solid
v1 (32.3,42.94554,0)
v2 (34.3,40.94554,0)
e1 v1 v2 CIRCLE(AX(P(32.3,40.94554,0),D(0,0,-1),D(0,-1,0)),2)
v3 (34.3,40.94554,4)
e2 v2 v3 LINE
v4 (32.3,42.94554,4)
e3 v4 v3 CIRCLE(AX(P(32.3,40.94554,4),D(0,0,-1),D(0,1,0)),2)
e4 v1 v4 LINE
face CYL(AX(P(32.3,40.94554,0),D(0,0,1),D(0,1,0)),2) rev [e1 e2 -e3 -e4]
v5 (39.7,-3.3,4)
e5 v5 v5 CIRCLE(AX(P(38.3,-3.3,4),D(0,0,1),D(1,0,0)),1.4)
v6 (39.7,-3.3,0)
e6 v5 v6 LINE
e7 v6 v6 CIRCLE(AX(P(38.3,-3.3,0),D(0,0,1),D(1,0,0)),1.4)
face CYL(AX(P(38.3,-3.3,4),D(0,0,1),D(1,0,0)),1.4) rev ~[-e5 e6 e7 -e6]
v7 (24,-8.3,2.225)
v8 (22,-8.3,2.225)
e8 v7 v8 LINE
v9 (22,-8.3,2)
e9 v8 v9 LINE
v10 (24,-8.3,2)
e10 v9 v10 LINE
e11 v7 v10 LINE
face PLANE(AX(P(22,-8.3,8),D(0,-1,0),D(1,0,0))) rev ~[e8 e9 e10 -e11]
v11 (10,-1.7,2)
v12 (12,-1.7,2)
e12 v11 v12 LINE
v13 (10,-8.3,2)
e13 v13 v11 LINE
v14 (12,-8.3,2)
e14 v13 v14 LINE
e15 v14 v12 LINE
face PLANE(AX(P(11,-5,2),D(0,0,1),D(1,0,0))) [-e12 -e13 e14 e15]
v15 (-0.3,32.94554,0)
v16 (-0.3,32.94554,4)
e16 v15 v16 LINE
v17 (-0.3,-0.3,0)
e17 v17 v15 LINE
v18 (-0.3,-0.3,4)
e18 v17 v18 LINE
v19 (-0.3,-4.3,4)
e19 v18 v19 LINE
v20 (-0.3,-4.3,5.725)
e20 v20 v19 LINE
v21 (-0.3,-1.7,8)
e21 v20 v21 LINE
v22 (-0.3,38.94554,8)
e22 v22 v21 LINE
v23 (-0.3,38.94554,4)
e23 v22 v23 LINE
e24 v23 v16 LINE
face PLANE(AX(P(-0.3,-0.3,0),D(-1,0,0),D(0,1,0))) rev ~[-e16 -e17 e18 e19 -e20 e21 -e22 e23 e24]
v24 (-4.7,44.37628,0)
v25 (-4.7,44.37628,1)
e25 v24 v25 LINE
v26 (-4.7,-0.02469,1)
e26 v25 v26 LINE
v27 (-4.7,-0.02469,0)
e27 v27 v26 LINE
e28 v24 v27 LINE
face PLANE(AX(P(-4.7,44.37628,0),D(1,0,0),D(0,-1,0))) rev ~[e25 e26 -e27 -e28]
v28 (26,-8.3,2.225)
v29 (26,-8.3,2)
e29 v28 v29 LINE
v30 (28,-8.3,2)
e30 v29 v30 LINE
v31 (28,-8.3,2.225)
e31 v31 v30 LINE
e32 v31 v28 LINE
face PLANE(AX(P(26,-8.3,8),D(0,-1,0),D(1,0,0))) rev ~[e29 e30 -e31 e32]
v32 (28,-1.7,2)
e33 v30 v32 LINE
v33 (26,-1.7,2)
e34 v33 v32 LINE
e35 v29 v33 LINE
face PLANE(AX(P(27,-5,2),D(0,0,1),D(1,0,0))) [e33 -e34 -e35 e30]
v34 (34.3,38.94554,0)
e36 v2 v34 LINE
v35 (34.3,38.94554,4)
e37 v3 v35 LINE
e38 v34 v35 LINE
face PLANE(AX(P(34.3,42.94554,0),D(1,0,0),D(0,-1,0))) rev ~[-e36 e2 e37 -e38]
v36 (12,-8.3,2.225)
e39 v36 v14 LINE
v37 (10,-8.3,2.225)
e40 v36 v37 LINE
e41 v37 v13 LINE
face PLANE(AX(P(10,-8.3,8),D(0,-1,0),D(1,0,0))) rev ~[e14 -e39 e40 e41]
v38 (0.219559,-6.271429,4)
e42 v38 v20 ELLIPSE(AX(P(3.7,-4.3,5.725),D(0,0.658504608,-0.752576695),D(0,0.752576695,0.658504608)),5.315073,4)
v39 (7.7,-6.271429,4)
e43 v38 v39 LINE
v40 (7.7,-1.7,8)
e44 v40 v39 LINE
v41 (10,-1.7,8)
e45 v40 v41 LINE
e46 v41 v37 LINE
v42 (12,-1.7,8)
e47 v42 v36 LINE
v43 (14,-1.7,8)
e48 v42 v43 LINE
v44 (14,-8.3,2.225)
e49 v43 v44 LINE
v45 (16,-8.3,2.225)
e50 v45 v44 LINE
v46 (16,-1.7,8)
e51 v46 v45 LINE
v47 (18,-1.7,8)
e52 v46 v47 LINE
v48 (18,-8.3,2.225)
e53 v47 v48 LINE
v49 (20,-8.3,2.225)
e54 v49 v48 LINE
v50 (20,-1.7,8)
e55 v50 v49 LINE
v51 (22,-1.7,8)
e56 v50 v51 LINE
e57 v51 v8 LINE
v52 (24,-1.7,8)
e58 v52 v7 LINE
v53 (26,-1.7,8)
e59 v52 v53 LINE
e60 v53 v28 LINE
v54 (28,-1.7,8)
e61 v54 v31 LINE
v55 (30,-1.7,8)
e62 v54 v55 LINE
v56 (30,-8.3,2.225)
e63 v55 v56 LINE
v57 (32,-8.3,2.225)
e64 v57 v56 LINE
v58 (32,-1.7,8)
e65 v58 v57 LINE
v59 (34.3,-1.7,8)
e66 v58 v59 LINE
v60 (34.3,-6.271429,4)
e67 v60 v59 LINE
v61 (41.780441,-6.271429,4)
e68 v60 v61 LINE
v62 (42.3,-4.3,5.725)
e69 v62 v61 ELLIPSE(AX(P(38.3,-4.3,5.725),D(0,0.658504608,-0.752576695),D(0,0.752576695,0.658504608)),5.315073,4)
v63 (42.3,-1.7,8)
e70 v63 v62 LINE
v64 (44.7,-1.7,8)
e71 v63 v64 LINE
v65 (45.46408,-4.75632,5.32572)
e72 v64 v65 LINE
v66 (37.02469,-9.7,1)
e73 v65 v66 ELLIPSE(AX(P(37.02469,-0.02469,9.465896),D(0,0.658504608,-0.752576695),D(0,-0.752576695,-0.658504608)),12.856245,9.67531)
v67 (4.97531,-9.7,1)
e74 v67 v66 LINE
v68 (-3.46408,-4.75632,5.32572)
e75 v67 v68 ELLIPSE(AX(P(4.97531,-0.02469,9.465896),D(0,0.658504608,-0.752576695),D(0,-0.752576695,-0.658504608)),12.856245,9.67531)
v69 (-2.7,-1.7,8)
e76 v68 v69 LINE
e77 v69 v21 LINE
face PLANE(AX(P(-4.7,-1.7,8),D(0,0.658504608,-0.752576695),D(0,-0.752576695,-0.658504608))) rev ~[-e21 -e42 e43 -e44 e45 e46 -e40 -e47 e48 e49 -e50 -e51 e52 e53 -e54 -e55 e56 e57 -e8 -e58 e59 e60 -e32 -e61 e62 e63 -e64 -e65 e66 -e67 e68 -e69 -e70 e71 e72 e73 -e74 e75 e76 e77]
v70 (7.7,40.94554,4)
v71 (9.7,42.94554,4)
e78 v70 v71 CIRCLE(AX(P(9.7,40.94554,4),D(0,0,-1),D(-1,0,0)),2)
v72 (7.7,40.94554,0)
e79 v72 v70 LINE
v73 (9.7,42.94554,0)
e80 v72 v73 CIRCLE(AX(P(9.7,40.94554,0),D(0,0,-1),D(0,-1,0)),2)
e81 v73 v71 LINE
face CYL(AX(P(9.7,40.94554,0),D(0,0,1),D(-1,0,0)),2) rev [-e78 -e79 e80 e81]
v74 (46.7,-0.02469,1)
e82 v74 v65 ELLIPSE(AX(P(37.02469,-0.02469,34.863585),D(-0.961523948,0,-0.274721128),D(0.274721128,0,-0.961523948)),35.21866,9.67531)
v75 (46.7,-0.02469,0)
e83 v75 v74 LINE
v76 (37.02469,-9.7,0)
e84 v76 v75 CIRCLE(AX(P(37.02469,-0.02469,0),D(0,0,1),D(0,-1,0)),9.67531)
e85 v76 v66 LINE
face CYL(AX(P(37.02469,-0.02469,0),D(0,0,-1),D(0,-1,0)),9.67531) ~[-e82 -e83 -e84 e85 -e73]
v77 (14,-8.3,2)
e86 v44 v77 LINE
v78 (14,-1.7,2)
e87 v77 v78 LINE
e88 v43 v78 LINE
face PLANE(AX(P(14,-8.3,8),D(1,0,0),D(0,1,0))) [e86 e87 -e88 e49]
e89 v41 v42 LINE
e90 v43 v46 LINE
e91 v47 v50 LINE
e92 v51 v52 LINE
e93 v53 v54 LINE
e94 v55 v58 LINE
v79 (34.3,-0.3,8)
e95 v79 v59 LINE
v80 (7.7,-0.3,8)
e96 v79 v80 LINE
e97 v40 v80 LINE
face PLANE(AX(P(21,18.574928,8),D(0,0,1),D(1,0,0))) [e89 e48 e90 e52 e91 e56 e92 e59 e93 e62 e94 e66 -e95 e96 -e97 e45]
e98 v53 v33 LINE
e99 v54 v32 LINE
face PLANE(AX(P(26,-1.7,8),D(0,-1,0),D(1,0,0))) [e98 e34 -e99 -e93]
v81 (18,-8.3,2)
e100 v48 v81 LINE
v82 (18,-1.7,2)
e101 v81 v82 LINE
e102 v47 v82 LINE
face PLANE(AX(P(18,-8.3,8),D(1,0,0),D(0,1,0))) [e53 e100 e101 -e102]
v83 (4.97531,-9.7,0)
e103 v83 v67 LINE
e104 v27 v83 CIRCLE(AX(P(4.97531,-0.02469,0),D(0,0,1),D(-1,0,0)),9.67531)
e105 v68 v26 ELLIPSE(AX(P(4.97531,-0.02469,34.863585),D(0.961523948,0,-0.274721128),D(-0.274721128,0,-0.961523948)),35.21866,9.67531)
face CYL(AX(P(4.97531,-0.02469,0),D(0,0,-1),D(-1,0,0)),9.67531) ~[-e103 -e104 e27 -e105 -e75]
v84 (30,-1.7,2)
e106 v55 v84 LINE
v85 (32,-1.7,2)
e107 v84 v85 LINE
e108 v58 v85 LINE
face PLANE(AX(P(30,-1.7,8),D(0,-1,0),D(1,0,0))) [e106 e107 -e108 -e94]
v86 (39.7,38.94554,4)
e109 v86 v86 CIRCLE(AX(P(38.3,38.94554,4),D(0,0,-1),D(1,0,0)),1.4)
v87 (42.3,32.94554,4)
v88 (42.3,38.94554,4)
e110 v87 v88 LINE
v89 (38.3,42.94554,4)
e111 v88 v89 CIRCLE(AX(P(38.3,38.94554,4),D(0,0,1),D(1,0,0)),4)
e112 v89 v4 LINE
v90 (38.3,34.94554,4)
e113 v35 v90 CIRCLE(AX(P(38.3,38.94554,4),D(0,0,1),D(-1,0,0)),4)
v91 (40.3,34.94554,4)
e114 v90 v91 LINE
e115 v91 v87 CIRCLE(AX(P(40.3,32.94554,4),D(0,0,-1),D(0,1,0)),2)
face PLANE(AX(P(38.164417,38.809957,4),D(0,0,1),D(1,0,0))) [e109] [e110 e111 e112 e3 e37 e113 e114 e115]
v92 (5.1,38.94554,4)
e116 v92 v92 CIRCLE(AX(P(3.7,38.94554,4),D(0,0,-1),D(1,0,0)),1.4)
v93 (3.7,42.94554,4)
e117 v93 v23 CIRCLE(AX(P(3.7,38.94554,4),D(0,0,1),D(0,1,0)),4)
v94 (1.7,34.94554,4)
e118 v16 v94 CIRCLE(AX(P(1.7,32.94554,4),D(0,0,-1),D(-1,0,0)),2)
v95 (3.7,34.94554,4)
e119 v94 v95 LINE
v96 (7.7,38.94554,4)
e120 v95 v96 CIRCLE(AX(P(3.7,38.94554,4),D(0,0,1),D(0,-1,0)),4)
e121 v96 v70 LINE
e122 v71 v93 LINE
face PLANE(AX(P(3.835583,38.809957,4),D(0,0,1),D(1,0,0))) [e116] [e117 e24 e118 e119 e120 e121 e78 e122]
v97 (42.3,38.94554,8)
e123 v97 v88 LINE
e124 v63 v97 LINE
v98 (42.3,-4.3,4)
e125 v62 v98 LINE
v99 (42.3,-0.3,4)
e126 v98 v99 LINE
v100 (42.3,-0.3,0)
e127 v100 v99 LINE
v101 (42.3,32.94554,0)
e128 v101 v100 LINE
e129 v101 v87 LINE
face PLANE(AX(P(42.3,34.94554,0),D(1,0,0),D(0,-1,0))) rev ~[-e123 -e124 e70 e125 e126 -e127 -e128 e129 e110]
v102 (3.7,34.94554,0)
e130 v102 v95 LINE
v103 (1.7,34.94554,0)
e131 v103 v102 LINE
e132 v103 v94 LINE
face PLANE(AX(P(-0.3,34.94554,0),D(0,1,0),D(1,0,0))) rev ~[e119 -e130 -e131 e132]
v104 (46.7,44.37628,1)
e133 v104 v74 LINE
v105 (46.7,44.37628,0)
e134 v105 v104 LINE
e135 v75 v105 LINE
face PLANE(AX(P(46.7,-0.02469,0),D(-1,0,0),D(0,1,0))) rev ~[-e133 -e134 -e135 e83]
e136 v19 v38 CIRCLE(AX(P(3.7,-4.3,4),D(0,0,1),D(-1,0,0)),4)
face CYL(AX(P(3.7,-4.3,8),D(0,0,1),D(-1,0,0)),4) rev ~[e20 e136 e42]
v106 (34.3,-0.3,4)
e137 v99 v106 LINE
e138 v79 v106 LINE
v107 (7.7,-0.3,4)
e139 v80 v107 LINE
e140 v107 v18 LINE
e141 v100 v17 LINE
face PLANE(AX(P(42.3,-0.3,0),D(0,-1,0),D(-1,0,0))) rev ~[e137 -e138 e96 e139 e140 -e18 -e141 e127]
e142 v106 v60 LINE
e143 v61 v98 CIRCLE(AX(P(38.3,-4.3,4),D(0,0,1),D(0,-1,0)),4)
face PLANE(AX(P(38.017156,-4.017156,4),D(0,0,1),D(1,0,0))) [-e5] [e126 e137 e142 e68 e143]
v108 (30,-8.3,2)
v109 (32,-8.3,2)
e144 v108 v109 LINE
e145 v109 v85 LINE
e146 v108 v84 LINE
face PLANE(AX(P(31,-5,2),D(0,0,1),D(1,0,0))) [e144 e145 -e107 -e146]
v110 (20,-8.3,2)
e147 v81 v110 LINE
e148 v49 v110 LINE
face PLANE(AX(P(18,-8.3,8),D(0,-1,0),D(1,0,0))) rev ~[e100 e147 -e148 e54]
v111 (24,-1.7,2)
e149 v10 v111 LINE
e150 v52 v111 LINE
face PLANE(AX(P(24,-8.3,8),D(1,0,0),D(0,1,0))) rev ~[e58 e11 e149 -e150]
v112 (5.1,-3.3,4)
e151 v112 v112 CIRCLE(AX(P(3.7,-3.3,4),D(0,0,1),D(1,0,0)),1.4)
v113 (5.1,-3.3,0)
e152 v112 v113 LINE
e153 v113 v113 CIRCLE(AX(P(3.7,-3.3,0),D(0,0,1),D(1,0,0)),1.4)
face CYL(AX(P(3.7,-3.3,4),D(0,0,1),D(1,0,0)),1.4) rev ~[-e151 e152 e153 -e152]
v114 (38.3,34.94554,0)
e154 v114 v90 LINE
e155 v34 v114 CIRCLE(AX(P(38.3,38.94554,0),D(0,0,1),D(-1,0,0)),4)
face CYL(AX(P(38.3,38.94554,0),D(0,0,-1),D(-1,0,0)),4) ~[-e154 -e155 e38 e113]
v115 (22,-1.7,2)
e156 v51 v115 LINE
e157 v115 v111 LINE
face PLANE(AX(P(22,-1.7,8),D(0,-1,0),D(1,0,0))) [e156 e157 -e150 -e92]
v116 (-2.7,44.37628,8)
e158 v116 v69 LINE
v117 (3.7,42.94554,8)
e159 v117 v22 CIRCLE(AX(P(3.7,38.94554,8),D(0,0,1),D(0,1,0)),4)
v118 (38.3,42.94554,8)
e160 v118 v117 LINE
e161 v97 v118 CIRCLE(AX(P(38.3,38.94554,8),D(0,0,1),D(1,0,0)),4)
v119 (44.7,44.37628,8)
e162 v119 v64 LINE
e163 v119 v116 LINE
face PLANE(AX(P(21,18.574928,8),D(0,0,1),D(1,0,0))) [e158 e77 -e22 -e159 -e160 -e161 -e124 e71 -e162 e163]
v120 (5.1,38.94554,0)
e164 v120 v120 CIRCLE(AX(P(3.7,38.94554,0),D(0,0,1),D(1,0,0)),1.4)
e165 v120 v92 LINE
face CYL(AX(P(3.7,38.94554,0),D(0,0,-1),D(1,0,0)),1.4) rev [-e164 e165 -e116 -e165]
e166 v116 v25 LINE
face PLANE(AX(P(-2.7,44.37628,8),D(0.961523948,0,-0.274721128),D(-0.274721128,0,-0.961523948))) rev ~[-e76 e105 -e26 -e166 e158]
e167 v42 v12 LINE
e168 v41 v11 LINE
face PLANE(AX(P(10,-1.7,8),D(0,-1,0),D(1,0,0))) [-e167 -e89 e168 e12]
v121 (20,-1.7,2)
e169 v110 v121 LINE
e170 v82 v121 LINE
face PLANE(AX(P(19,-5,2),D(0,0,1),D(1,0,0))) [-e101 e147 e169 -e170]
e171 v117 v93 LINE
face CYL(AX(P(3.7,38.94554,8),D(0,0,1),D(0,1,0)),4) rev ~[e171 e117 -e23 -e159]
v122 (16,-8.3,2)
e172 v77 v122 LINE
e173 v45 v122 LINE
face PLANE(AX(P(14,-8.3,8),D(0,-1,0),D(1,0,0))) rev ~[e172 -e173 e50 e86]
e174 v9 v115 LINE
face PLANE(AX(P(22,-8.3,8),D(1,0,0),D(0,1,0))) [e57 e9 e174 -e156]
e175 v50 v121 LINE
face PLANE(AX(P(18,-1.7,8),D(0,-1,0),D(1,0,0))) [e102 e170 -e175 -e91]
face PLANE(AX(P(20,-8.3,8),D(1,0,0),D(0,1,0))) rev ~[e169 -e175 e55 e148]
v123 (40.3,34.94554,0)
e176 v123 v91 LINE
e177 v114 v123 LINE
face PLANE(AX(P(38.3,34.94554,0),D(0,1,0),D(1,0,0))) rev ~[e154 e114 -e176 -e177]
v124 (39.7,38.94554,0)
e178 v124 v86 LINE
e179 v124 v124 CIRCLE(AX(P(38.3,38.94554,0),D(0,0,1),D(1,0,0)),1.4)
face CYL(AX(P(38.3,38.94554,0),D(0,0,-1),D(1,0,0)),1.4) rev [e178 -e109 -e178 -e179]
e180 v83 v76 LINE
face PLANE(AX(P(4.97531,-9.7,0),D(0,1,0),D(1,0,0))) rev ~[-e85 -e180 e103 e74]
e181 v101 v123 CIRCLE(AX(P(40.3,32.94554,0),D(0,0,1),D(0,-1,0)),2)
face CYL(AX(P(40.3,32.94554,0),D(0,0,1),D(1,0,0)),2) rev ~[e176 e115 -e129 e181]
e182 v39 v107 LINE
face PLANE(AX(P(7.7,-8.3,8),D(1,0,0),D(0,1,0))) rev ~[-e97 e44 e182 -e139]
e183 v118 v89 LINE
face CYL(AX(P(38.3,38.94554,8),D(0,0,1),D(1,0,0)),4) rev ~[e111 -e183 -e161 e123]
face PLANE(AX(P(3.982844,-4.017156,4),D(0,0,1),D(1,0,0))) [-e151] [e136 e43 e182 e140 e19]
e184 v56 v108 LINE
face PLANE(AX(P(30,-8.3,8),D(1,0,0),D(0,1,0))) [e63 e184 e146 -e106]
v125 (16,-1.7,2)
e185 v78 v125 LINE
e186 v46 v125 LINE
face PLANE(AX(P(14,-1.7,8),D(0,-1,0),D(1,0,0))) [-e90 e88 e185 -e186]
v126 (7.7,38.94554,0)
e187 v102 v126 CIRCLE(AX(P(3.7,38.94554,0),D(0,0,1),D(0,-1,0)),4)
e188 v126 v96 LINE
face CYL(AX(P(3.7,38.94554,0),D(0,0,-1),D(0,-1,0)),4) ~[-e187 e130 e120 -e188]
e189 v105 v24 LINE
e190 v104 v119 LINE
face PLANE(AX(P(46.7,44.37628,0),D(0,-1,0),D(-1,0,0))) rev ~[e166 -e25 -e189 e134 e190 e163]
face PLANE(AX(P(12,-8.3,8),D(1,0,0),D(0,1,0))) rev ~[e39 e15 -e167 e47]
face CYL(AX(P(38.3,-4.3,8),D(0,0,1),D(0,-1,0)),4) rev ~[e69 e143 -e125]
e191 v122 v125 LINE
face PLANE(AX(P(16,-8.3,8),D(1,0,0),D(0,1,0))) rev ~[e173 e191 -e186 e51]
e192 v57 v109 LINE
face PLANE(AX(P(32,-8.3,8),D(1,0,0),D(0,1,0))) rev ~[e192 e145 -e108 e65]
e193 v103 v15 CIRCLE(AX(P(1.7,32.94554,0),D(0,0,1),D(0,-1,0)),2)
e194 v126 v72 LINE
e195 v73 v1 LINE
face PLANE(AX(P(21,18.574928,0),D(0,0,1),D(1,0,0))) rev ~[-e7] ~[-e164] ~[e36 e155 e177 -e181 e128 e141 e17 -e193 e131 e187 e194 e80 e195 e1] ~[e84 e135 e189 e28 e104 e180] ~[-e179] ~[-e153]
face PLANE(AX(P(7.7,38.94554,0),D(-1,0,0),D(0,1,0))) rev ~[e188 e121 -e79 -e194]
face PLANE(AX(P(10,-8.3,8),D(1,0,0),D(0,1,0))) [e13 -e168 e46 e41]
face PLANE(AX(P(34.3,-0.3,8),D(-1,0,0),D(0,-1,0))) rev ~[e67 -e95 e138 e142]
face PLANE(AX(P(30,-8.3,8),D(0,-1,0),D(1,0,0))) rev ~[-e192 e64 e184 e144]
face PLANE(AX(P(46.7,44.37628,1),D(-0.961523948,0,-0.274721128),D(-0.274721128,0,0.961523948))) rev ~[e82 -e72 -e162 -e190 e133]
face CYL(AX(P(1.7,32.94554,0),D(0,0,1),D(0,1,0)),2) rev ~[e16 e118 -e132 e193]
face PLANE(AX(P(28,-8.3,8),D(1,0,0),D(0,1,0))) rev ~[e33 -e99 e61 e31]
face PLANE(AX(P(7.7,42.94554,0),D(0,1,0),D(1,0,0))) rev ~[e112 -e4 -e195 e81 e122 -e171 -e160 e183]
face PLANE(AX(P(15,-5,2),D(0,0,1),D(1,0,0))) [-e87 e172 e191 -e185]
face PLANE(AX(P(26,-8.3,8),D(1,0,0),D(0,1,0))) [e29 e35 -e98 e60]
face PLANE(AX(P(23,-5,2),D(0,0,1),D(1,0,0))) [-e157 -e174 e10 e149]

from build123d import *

# Parameters (mm, degrees)
F0_R      = 1.4
F1_DEPTH  = 8
F3_DEPTH  = 54.07728
F5_DEPTH  = 51.401
F6_R      = 2
F8_DEPTH  = 4
F9_R      = 1.4
F10_DEPTH = 4
F11_W     = 2
F11_H     = 6.6
F12_DEPTH = 6


with BuildPart() as f1:
    # F0 (on Top) → F1 (new body)
    with BuildSketch(Plane.XY):
        with BuildLine():
            Line((46.7, 44.37628), (-4.7, 44.37628))
            Line((-4.7, 44.37628), (-4.7, -0.02469))
            ThreePointArc((-4.7, -0.02469), (-1.8661673111, -6.8661673111), (4.97531, -9.7))
            Line((4.97531, -9.7), (37.02469, -9.7))
            ThreePointArc((37.02469, -9.7), (43.8661673111, -6.8661673111), (46.7, -0.02469))
            Line((46.7, -0.02469), (46.7, 44.37628))
        make_face()
        with BuildLine():
            Line((7.7, 38.94554), (7.7, 42.94554))
            Line((7.7, 42.94554), (34.3, 42.94554))
            Line((34.3, 42.94554), (34.3, 38.94554))
            ThreePointArc((34.3, 38.94554), (35.4715728753, 36.1171128753), (38.3, 34.94554))
            Line((38.3, 34.94554), (42.3, 34.94554))
            Line((42.3, 34.94554), (42.3, -0.3))
            Line((42.3, -0.3), (-0.3, -0.3))
            Line((-0.3, -0.3), (-0.3, 34.94554))
            Line((-0.3, 34.94554), (3.7, 34.94554))
            ThreePointArc((3.7, 34.94554), (6.5284271247, 36.1171128753), (7.7, 38.94554))
        make_face(mode=Mode.SUBTRACT)
        with Locations((3.7, 38.94554)):
            Circle(F0_R, mode=Mode.SUBTRACT)
        with Locations((38.3, 38.94554)):
            Circle(F0_R, mode=Mode.SUBTRACT)
    extrude(amount=F1_DEPTH)

    # F2 (on face) → F3 (cut, through all)
    with BuildSketch(Plane(origin=(0, 44.37628, 0), x_dir=(-1, 0, 0), z_dir=(0, 1, 0))):
        Polygon((4.7, 1), (4.7, 8), (2.7, 8), align=None)
        Polygon((-44.7, 8), (-46.7, 8), (-46.7, 1), align=None)
    extrude(amount=-F3_DEPTH, mode=Mode.SUBTRACT)

    # F4 (on face) → F5 (cut, through all)
    with BuildSketch(Plane(origin=(-4.7, 0, 0), x_dir=(0, -1, 0), z_dir=(-1, 0, 0))):
        Polygon((9.7, 8), (1.7, 8), (9.7, 1), align=None)
    extrude(amount=-F5_DEPTH, mode=Mode.SUBTRACT)

    # F6
    f6_edges = [f1.edges().sort_by_distance(p)[0] for p in [
        (7.7, 42.94554, 4),
        (34.3, 42.94554, 4),
        (42.3, 34.94554, 4),
        (-0.3, 34.94554, 4),
    ]]
    fillet(f6_edges, radius=F6_R)

    # F7 (on face) → F8 (cut)
    with BuildSketch(Plane.XY.offset(8)):
        with BuildLine():
            Line((9.7, 42.94554), (3.7, 42.94554))
            ThreePointArc((3.7, 42.94554), (0.8715728753, 41.7739671247), (-0.3, 38.94554))
            Line((-0.3, 38.94554), (-0.3, 32.94554))
            ThreePointArc((-0.3, 32.94554), (0.2857864376, 34.3597535624), (1.7, 34.94554))
            Line((1.7, 34.94554), (3.7, 34.94554))
            ThreePointArc((3.7, 34.94554), (6.5284271247, 36.1171128753), (7.7, 38.94554))
            Line((7.7, 38.94554), (7.7, 40.94554))
            ThreePointArc((7.7, 40.94554), (8.2857864376, 42.3597535624), (9.7, 42.94554))
        make_face()
        with BuildLine():
            Line((38.3, 42.94554), (32.3, 42.94554))
            ThreePointArc((32.3, 42.94554), (33.7142135624, 42.3597535624), (34.3, 40.94554))
            Line((34.3, 40.94554), (34.3, 38.94554))
            ThreePointArc((34.3, 38.94554), (35.4715728753, 36.1171128753), (38.3, 34.94554))
            Line((38.3, 34.94554), (40.3, 34.94554))
            ThreePointArc((40.3, 34.94554), (41.7142135624, 34.3597535624), (42.3, 32.94554))
            Line((42.3, 32.94554), (42.3, 38.94554))
            ThreePointArc((42.3, 38.94554), (41.1284271247, 41.7739671247), (38.3, 42.94554))
        make_face()
        with BuildLine():
            Line((7.7, -0.3), (-0.3, -0.3))
            Line((-0.3, -0.3), (-0.3, -4.3))
            ThreePointArc((-0.3, -4.3), (0.8715728753, -7.1284271247), (3.7, -8.3))
            Line((3.7, -8.3), (7.7, -8.3))
            Line((7.7, -8.3), (7.7, -0.3))
        make_face()
        with BuildLine():
            Line((42.3, -4.3), (42.3, -0.3))
            Line((42.3, -0.3), (34.3, -0.3))
            Line((34.3, -0.3), (34.3, -8.3))
            Line((34.3, -8.3), (38.3, -8.3))
            ThreePointArc((38.3, -8.3), (41.1284271247, -7.1284271247), (42.3, -4.3))
        make_face()
    extrude(amount=-F8_DEPTH, mode=Mode.SUBTRACT)

    # F9 (on face) → F10 (cut, through all)
    with BuildSketch(Plane.XY.offset(4)):
        with Locations((3.7, -3.3)):
            Circle(F9_R)
        with Locations((38.3, -3.3)):
            Circle(F9_R)
    extrude(amount=-F10_DEPTH, mode=Mode.SUBTRACT)

    # F11 (on face) → F12 (cut)
    with BuildSketch(Plane.XY.offset(8)):
        with Locations((11, -5)):
            Rectangle(F11_W, F11_H)
        with Locations((15, -5)):
            Rectangle(F11_W, F11_H)
        with Locations((19, -5)):
            Rectangle(F11_W, F11_H)
        with Locations((31, -5)):
            Rectangle(F11_W, F11_H)
        with Locations((27, -5)):
            Rectangle(F11_W, F11_H)
        with Locations((23, -5)):
            Rectangle(F11_W, F11_H)
    extrude(amount=-F12_DEPTH, mode=Mode.SUBTRACT)


solid = f1.part
